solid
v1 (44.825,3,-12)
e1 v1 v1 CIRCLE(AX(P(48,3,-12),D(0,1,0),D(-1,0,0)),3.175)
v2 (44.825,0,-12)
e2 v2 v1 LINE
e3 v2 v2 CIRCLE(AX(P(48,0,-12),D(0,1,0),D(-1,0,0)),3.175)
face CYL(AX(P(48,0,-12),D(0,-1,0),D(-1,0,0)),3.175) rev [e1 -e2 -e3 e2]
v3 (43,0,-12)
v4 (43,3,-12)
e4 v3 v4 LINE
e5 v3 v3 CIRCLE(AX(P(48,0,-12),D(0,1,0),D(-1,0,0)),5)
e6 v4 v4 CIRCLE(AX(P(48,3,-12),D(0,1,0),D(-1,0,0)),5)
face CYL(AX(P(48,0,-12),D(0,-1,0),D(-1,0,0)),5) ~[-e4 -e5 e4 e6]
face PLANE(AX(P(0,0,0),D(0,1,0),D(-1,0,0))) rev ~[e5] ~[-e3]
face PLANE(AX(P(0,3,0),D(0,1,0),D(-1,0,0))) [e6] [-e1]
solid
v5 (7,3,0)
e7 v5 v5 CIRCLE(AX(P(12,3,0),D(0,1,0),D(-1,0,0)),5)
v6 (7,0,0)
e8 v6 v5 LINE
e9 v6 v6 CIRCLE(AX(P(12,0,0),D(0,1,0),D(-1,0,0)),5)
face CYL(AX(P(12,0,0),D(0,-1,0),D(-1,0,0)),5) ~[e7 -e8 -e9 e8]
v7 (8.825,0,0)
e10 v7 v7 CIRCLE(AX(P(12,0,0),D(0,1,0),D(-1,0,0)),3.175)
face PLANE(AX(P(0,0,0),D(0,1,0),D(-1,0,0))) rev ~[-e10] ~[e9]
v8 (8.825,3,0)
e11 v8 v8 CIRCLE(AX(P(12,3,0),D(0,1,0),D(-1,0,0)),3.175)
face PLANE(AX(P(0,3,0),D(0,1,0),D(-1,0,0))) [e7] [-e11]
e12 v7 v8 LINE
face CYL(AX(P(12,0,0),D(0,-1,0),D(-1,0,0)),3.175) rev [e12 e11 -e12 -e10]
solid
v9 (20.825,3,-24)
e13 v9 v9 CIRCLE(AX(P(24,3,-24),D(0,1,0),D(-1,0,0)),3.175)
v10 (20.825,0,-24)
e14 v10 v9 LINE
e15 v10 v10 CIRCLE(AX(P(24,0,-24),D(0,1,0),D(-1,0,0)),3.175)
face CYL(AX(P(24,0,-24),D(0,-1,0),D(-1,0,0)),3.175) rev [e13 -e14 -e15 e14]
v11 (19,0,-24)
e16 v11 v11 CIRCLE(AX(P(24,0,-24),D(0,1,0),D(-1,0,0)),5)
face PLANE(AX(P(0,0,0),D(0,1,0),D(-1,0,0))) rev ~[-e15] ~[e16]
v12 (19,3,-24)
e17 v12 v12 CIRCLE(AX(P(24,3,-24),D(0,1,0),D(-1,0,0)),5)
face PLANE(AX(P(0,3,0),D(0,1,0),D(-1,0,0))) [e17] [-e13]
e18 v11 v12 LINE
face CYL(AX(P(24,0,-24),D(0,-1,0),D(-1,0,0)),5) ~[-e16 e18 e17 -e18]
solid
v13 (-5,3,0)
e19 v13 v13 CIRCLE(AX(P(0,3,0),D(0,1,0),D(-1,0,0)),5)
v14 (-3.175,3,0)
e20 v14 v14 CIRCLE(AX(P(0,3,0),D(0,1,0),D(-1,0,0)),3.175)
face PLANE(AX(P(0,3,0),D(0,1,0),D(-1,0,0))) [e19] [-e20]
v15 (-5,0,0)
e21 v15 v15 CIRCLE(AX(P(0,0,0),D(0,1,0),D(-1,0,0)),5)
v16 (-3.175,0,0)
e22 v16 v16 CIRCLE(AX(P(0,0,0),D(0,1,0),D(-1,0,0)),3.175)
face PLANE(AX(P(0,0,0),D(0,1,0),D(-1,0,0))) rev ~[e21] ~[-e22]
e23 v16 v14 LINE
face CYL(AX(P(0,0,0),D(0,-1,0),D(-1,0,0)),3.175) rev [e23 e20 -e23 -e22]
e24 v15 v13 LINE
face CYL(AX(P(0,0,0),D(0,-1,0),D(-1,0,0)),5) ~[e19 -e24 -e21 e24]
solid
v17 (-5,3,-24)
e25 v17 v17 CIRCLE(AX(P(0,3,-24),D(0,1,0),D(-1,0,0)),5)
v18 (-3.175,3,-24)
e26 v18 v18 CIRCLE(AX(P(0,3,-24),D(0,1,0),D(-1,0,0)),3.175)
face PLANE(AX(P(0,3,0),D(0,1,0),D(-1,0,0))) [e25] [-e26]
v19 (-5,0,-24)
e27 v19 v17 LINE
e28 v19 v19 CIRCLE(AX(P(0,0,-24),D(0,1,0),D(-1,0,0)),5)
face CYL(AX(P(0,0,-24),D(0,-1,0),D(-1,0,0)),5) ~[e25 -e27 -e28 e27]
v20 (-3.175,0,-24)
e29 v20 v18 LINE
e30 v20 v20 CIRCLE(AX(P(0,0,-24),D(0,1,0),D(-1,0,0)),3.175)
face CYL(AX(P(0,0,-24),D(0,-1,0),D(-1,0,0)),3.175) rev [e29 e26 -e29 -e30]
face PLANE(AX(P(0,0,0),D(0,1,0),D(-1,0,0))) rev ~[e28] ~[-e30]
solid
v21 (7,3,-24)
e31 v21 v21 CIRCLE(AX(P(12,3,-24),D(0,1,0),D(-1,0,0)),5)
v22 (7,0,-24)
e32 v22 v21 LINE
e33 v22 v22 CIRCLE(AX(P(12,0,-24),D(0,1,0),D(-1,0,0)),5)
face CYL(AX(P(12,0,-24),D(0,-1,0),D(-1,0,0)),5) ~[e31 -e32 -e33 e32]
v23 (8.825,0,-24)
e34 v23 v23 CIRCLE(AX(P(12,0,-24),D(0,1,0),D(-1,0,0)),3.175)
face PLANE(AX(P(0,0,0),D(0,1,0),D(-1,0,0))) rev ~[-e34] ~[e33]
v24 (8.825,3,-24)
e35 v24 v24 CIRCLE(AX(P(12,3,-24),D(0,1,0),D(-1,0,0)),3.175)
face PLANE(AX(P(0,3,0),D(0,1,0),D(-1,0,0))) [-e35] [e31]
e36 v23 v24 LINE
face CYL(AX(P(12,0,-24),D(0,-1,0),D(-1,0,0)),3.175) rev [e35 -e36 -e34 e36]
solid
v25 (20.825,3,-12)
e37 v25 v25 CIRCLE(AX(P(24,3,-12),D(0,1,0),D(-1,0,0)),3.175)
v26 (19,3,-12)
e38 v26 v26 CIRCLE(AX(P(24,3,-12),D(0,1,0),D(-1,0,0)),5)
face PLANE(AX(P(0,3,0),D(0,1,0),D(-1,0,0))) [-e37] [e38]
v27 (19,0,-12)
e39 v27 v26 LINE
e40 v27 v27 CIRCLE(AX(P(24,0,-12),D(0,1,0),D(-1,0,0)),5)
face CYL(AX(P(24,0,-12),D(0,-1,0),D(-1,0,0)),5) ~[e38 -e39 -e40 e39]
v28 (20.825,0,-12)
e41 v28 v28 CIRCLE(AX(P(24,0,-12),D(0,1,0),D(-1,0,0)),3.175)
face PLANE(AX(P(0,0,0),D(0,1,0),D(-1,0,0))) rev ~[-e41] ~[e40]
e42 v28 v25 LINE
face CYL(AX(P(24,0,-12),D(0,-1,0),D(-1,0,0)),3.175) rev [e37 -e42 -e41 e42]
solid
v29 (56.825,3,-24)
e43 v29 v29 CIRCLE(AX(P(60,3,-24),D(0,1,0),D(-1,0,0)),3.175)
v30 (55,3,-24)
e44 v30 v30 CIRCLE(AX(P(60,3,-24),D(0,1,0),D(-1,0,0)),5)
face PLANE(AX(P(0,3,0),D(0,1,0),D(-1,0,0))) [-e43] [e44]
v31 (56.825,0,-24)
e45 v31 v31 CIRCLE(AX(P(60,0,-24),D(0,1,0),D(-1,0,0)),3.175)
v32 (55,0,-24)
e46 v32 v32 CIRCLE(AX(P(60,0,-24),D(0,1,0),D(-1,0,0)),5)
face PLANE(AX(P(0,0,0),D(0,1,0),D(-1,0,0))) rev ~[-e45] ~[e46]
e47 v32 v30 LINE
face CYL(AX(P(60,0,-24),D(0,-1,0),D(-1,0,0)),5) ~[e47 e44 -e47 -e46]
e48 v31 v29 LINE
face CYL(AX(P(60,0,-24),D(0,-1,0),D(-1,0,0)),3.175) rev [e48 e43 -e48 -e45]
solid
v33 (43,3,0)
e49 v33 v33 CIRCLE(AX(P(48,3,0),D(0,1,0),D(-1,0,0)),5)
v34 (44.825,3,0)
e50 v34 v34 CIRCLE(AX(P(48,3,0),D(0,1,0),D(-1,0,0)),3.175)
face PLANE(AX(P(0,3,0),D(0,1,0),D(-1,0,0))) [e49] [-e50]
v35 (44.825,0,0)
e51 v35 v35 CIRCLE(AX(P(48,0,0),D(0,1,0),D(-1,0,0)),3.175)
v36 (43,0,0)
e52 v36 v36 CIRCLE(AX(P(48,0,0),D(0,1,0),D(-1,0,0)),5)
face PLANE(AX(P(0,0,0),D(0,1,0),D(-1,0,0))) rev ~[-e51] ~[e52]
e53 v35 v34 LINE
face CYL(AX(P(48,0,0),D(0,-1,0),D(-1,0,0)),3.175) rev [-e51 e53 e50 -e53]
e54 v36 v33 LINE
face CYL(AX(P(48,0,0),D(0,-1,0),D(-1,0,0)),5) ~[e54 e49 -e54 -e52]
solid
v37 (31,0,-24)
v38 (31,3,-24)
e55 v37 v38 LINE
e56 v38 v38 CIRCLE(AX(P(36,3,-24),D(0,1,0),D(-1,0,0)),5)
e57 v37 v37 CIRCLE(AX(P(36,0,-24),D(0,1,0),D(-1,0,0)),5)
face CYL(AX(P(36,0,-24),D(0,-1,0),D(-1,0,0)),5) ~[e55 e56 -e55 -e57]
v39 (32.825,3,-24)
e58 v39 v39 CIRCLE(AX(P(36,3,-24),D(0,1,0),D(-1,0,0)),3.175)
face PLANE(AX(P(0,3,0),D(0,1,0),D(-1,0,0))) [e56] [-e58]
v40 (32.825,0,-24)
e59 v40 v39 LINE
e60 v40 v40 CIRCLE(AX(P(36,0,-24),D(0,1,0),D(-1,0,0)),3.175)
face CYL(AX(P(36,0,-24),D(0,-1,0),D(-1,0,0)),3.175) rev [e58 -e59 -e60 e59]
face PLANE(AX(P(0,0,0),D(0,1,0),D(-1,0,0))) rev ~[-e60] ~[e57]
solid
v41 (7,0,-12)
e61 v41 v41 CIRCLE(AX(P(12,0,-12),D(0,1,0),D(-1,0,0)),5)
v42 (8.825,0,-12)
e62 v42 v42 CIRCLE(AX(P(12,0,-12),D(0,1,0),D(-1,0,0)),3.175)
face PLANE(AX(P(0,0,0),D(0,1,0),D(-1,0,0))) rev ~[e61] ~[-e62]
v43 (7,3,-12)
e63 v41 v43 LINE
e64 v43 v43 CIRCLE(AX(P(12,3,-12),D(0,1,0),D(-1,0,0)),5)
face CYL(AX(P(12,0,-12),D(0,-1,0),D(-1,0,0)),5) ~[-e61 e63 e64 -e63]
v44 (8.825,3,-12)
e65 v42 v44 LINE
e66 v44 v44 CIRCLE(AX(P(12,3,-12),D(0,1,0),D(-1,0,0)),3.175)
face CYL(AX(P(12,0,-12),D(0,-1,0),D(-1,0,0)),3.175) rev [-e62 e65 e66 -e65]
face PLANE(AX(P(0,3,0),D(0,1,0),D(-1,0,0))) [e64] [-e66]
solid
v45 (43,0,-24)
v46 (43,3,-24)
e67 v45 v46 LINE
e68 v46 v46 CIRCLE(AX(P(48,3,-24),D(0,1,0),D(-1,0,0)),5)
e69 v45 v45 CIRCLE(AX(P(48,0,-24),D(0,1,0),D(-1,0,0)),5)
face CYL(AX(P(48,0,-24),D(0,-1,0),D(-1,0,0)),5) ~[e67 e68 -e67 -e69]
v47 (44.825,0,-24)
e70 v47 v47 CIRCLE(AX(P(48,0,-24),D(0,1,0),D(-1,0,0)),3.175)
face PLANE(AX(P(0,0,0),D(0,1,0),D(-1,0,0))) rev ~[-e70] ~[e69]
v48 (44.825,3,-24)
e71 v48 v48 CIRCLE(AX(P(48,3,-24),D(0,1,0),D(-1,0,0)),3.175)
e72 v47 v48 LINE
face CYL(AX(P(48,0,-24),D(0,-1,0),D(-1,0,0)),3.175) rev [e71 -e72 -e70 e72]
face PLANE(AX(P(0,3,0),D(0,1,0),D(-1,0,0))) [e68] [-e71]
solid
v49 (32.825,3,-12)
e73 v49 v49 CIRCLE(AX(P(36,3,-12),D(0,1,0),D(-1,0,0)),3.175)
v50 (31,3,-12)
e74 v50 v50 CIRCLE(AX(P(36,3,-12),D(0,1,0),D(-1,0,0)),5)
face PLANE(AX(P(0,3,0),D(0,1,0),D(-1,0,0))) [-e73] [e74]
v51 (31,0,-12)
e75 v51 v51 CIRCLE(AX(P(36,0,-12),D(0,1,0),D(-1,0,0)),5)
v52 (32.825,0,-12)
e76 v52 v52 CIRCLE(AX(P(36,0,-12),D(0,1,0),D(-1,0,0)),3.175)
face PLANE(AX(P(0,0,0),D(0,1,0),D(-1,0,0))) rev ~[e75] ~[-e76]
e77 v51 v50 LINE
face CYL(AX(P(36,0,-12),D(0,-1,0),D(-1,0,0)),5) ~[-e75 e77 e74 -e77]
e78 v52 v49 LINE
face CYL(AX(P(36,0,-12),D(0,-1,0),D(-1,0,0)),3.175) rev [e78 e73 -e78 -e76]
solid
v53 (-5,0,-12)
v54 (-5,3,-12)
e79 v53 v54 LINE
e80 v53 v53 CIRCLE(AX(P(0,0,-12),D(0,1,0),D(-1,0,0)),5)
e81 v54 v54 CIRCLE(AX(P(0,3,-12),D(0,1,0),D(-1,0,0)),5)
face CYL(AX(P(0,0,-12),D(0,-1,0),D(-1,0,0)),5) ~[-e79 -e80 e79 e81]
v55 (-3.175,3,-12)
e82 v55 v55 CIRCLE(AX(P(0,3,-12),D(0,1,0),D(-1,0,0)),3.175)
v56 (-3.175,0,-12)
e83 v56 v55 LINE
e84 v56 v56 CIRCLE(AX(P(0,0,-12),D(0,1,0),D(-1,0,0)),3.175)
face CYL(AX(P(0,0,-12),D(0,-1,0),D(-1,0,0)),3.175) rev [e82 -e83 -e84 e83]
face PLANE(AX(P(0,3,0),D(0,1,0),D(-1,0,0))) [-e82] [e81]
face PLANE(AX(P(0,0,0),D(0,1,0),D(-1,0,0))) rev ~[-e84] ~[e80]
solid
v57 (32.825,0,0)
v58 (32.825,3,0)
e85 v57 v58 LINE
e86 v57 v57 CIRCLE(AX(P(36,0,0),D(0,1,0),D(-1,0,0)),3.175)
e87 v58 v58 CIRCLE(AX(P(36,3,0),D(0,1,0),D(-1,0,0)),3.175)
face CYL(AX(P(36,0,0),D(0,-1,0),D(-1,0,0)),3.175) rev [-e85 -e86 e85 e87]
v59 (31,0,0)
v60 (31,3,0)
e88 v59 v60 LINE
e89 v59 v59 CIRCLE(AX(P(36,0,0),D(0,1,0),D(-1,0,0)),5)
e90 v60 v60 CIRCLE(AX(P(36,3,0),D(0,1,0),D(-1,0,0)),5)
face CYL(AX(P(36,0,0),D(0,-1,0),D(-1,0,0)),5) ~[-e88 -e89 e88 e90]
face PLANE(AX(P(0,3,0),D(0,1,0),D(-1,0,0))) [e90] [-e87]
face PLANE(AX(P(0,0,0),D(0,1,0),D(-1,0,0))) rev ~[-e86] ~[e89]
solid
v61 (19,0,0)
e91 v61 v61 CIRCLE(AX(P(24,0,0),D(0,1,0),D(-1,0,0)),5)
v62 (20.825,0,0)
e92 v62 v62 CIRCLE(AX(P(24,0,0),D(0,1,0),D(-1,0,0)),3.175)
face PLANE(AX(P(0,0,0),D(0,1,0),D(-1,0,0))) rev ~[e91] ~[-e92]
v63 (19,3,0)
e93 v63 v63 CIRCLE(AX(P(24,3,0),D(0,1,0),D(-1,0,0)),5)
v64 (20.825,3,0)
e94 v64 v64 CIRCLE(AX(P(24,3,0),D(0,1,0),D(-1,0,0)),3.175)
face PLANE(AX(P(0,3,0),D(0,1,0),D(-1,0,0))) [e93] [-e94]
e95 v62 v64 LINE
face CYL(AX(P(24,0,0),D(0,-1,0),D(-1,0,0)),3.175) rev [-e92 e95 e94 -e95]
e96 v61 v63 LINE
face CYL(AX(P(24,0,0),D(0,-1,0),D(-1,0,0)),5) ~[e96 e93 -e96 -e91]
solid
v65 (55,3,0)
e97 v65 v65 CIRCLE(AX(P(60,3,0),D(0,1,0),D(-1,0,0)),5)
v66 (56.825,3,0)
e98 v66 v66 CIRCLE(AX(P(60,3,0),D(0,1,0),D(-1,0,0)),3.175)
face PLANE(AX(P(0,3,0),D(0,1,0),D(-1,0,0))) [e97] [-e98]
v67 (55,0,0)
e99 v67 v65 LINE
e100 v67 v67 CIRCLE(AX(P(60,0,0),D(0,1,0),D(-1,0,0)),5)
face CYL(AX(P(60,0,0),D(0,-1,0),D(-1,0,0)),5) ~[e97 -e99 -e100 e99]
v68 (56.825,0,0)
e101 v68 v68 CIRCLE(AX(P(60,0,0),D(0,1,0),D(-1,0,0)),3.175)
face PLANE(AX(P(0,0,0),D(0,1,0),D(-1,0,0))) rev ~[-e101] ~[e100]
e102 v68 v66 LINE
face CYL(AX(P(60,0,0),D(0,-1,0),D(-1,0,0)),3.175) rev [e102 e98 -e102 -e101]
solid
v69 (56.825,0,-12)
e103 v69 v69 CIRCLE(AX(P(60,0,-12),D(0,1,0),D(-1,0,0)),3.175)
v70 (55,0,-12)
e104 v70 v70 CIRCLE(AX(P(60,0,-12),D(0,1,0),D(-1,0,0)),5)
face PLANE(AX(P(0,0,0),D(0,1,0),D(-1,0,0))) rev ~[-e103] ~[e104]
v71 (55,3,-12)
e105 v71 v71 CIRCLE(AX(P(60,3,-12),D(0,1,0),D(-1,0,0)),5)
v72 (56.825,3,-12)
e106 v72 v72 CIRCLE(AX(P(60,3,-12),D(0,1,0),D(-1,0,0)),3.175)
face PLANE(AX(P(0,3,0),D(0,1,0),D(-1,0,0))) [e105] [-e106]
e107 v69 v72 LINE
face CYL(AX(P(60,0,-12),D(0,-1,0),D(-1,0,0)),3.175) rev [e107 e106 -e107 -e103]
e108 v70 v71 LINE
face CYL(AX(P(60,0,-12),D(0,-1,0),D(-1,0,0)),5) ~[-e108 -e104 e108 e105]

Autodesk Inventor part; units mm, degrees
ref_plane "YZ Plane" through (0, 0, 0) normal (1, 0, 0) x (0, 1, 0)
ref_plane "XZ Plane" through (0, 0, 0) normal (0, 1, 0) x (-1, 0, 0)
ref_plane "XY Plane" through (0, 0, 0) normal (0, 0, 1) x (1, 0, 0)
sketch "Sketch1" plane through (0, 0, 0) normal (0, 1, 0) x (-1, 0, 0)
  circle A0 centre (0, 0) radius 7 construction
  circle A1 centre (0, 0) radius 3.175
  line L0 (7, -31) -> (-67, -31) construction
  line L1 (-67, -31) -> (-67, 7) construction
  line L2 (-67, 7) -> (7, 7) construction
  line L3 (7, 7) -> (7, -31) construction
  circle A2 centre (0, 0) radius 5
  line L4 (0, 0) -> (-3.175, 0) construction
  line L5 (0, 0) -> (0, -3.175) construction
  circle A3 centre (-12, 0) radius 5
  circle A4 centre (-12, 0) radius 3.175
  circle A5 centre (-24, 0) radius 5
  circle A6 centre (-24, 0) radius 3.175
  circle A7 centre (-36, 0) radius 5
  circle A8 centre (-36, 0) radius 3.175
  circle A9 centre (-48, 0) radius 5
  circle A10 centre (-48, 0) radius 3.175
  circle A11 centre (-60, 0) radius 5
  circle A12 centre (-60, 0) radius 3.175
  circle A13 centre (0, -12) radius 5
  circle A14 centre (0, -12) radius 3.175
  circle A15 centre (-12, -12) radius 5
  circle A16 centre (-12, -12) radius 3.175
  circle A17 centre (-24, -12) radius 5
  circle A18 centre (-24, -12) radius 3.175
  circle A19 centre (-36, -12) radius 5
  circle A20 centre (-36, -12) radius 3.175
  circle A21 centre (-48, -12) radius 5
  circle A22 centre (-48, -12) radius 3.175
  circle A23 centre (-60, -12) radius 5
  circle A24 centre (-60, -12) radius 3.175
  circle A25 centre (0, -24) radius 5
  circle A26 centre (0, -24) radius 3.175
  circle A27 centre (-12, -24) radius 5
  circle A28 centre (-12, -24) radius 3.175
  circle A29 centre (-24, -24) radius 5
  circle A30 centre (-24, -24) radius 3.175
  circle A31 centre (-36, -24) radius 5
  circle A32 centre (-36, -24) radius 3.175
  circle A33 centre (-48, -24) radius 5
  circle A34 centre (-48, -24) radius 3.175
  circle A35 centre (-60, -24) radius 5
  circle A36 centre (-60, -24) radius 3.175
  point P0 (-15.175, 0)
  point P1 (-12, -3.175)
  point P2 (-27.175, 0)
  point P3 (-24, -3.175)
  point P4 (-39.175, 0)
  point P5 (-36, -3.175)
  point P6 (-51.175, 0)
  point P7 (-48, -3.175)
  point P8 (-63.175, 0)
  point P9 (-60, -3.175)
  point P10 (-3.175, -12)
  point P11 (0, -15.175)
  point P12 (-15.175, -12)
  point P13 (-12, -15.175)
  point P14 (-27.175, -12)
  point P15 (-24, -15.175)
  point P16 (-39.175, -12)
  point P17 (-36, -15.175)
  point P18 (-51.175, -12)
  point P19 (-48, -15.175)
  point P20 (-63.175, -12)
  point P21 (-60, -15.175)
  point P22 (-3.175, -24)
  point P23 (0, -27.175)
  point P24 (-15.175, -24)
  point P25 (-12, -27.175)
  point P26 (-27.175, -24)
  point P27 (-24, -27.175)
  point P28 (-39.175, -24)
  point P29 (-36, -27.175)
  point P30 (-51.175, -24)
  point P31 (-48, -27.175)
  point P32 (-63.175, -24)
  point P33 (-60, -27.175)
  dimension "d6" = 6.35
  dimension "d21" = 14
  dimension "d22" = 10
  dimension "d25" = 12
  dimension "d28" = 12
  dimension "d32" = 2
  dimension "d33" = 2
  dimension "d34" = 74
  dimension "d35" = 38
extrude "Extrusion2" add sketch "Sketch1" along normal blind 3
equation "\"d6\" = DowlDiameter"
equation "\"BearingDiameter\" = 24"
equation "\"DowlDiameter\" = 6.35"
properties part number "BearingSiliconeMoldSpacer" material "MDF Medium Density Fiberboard"
